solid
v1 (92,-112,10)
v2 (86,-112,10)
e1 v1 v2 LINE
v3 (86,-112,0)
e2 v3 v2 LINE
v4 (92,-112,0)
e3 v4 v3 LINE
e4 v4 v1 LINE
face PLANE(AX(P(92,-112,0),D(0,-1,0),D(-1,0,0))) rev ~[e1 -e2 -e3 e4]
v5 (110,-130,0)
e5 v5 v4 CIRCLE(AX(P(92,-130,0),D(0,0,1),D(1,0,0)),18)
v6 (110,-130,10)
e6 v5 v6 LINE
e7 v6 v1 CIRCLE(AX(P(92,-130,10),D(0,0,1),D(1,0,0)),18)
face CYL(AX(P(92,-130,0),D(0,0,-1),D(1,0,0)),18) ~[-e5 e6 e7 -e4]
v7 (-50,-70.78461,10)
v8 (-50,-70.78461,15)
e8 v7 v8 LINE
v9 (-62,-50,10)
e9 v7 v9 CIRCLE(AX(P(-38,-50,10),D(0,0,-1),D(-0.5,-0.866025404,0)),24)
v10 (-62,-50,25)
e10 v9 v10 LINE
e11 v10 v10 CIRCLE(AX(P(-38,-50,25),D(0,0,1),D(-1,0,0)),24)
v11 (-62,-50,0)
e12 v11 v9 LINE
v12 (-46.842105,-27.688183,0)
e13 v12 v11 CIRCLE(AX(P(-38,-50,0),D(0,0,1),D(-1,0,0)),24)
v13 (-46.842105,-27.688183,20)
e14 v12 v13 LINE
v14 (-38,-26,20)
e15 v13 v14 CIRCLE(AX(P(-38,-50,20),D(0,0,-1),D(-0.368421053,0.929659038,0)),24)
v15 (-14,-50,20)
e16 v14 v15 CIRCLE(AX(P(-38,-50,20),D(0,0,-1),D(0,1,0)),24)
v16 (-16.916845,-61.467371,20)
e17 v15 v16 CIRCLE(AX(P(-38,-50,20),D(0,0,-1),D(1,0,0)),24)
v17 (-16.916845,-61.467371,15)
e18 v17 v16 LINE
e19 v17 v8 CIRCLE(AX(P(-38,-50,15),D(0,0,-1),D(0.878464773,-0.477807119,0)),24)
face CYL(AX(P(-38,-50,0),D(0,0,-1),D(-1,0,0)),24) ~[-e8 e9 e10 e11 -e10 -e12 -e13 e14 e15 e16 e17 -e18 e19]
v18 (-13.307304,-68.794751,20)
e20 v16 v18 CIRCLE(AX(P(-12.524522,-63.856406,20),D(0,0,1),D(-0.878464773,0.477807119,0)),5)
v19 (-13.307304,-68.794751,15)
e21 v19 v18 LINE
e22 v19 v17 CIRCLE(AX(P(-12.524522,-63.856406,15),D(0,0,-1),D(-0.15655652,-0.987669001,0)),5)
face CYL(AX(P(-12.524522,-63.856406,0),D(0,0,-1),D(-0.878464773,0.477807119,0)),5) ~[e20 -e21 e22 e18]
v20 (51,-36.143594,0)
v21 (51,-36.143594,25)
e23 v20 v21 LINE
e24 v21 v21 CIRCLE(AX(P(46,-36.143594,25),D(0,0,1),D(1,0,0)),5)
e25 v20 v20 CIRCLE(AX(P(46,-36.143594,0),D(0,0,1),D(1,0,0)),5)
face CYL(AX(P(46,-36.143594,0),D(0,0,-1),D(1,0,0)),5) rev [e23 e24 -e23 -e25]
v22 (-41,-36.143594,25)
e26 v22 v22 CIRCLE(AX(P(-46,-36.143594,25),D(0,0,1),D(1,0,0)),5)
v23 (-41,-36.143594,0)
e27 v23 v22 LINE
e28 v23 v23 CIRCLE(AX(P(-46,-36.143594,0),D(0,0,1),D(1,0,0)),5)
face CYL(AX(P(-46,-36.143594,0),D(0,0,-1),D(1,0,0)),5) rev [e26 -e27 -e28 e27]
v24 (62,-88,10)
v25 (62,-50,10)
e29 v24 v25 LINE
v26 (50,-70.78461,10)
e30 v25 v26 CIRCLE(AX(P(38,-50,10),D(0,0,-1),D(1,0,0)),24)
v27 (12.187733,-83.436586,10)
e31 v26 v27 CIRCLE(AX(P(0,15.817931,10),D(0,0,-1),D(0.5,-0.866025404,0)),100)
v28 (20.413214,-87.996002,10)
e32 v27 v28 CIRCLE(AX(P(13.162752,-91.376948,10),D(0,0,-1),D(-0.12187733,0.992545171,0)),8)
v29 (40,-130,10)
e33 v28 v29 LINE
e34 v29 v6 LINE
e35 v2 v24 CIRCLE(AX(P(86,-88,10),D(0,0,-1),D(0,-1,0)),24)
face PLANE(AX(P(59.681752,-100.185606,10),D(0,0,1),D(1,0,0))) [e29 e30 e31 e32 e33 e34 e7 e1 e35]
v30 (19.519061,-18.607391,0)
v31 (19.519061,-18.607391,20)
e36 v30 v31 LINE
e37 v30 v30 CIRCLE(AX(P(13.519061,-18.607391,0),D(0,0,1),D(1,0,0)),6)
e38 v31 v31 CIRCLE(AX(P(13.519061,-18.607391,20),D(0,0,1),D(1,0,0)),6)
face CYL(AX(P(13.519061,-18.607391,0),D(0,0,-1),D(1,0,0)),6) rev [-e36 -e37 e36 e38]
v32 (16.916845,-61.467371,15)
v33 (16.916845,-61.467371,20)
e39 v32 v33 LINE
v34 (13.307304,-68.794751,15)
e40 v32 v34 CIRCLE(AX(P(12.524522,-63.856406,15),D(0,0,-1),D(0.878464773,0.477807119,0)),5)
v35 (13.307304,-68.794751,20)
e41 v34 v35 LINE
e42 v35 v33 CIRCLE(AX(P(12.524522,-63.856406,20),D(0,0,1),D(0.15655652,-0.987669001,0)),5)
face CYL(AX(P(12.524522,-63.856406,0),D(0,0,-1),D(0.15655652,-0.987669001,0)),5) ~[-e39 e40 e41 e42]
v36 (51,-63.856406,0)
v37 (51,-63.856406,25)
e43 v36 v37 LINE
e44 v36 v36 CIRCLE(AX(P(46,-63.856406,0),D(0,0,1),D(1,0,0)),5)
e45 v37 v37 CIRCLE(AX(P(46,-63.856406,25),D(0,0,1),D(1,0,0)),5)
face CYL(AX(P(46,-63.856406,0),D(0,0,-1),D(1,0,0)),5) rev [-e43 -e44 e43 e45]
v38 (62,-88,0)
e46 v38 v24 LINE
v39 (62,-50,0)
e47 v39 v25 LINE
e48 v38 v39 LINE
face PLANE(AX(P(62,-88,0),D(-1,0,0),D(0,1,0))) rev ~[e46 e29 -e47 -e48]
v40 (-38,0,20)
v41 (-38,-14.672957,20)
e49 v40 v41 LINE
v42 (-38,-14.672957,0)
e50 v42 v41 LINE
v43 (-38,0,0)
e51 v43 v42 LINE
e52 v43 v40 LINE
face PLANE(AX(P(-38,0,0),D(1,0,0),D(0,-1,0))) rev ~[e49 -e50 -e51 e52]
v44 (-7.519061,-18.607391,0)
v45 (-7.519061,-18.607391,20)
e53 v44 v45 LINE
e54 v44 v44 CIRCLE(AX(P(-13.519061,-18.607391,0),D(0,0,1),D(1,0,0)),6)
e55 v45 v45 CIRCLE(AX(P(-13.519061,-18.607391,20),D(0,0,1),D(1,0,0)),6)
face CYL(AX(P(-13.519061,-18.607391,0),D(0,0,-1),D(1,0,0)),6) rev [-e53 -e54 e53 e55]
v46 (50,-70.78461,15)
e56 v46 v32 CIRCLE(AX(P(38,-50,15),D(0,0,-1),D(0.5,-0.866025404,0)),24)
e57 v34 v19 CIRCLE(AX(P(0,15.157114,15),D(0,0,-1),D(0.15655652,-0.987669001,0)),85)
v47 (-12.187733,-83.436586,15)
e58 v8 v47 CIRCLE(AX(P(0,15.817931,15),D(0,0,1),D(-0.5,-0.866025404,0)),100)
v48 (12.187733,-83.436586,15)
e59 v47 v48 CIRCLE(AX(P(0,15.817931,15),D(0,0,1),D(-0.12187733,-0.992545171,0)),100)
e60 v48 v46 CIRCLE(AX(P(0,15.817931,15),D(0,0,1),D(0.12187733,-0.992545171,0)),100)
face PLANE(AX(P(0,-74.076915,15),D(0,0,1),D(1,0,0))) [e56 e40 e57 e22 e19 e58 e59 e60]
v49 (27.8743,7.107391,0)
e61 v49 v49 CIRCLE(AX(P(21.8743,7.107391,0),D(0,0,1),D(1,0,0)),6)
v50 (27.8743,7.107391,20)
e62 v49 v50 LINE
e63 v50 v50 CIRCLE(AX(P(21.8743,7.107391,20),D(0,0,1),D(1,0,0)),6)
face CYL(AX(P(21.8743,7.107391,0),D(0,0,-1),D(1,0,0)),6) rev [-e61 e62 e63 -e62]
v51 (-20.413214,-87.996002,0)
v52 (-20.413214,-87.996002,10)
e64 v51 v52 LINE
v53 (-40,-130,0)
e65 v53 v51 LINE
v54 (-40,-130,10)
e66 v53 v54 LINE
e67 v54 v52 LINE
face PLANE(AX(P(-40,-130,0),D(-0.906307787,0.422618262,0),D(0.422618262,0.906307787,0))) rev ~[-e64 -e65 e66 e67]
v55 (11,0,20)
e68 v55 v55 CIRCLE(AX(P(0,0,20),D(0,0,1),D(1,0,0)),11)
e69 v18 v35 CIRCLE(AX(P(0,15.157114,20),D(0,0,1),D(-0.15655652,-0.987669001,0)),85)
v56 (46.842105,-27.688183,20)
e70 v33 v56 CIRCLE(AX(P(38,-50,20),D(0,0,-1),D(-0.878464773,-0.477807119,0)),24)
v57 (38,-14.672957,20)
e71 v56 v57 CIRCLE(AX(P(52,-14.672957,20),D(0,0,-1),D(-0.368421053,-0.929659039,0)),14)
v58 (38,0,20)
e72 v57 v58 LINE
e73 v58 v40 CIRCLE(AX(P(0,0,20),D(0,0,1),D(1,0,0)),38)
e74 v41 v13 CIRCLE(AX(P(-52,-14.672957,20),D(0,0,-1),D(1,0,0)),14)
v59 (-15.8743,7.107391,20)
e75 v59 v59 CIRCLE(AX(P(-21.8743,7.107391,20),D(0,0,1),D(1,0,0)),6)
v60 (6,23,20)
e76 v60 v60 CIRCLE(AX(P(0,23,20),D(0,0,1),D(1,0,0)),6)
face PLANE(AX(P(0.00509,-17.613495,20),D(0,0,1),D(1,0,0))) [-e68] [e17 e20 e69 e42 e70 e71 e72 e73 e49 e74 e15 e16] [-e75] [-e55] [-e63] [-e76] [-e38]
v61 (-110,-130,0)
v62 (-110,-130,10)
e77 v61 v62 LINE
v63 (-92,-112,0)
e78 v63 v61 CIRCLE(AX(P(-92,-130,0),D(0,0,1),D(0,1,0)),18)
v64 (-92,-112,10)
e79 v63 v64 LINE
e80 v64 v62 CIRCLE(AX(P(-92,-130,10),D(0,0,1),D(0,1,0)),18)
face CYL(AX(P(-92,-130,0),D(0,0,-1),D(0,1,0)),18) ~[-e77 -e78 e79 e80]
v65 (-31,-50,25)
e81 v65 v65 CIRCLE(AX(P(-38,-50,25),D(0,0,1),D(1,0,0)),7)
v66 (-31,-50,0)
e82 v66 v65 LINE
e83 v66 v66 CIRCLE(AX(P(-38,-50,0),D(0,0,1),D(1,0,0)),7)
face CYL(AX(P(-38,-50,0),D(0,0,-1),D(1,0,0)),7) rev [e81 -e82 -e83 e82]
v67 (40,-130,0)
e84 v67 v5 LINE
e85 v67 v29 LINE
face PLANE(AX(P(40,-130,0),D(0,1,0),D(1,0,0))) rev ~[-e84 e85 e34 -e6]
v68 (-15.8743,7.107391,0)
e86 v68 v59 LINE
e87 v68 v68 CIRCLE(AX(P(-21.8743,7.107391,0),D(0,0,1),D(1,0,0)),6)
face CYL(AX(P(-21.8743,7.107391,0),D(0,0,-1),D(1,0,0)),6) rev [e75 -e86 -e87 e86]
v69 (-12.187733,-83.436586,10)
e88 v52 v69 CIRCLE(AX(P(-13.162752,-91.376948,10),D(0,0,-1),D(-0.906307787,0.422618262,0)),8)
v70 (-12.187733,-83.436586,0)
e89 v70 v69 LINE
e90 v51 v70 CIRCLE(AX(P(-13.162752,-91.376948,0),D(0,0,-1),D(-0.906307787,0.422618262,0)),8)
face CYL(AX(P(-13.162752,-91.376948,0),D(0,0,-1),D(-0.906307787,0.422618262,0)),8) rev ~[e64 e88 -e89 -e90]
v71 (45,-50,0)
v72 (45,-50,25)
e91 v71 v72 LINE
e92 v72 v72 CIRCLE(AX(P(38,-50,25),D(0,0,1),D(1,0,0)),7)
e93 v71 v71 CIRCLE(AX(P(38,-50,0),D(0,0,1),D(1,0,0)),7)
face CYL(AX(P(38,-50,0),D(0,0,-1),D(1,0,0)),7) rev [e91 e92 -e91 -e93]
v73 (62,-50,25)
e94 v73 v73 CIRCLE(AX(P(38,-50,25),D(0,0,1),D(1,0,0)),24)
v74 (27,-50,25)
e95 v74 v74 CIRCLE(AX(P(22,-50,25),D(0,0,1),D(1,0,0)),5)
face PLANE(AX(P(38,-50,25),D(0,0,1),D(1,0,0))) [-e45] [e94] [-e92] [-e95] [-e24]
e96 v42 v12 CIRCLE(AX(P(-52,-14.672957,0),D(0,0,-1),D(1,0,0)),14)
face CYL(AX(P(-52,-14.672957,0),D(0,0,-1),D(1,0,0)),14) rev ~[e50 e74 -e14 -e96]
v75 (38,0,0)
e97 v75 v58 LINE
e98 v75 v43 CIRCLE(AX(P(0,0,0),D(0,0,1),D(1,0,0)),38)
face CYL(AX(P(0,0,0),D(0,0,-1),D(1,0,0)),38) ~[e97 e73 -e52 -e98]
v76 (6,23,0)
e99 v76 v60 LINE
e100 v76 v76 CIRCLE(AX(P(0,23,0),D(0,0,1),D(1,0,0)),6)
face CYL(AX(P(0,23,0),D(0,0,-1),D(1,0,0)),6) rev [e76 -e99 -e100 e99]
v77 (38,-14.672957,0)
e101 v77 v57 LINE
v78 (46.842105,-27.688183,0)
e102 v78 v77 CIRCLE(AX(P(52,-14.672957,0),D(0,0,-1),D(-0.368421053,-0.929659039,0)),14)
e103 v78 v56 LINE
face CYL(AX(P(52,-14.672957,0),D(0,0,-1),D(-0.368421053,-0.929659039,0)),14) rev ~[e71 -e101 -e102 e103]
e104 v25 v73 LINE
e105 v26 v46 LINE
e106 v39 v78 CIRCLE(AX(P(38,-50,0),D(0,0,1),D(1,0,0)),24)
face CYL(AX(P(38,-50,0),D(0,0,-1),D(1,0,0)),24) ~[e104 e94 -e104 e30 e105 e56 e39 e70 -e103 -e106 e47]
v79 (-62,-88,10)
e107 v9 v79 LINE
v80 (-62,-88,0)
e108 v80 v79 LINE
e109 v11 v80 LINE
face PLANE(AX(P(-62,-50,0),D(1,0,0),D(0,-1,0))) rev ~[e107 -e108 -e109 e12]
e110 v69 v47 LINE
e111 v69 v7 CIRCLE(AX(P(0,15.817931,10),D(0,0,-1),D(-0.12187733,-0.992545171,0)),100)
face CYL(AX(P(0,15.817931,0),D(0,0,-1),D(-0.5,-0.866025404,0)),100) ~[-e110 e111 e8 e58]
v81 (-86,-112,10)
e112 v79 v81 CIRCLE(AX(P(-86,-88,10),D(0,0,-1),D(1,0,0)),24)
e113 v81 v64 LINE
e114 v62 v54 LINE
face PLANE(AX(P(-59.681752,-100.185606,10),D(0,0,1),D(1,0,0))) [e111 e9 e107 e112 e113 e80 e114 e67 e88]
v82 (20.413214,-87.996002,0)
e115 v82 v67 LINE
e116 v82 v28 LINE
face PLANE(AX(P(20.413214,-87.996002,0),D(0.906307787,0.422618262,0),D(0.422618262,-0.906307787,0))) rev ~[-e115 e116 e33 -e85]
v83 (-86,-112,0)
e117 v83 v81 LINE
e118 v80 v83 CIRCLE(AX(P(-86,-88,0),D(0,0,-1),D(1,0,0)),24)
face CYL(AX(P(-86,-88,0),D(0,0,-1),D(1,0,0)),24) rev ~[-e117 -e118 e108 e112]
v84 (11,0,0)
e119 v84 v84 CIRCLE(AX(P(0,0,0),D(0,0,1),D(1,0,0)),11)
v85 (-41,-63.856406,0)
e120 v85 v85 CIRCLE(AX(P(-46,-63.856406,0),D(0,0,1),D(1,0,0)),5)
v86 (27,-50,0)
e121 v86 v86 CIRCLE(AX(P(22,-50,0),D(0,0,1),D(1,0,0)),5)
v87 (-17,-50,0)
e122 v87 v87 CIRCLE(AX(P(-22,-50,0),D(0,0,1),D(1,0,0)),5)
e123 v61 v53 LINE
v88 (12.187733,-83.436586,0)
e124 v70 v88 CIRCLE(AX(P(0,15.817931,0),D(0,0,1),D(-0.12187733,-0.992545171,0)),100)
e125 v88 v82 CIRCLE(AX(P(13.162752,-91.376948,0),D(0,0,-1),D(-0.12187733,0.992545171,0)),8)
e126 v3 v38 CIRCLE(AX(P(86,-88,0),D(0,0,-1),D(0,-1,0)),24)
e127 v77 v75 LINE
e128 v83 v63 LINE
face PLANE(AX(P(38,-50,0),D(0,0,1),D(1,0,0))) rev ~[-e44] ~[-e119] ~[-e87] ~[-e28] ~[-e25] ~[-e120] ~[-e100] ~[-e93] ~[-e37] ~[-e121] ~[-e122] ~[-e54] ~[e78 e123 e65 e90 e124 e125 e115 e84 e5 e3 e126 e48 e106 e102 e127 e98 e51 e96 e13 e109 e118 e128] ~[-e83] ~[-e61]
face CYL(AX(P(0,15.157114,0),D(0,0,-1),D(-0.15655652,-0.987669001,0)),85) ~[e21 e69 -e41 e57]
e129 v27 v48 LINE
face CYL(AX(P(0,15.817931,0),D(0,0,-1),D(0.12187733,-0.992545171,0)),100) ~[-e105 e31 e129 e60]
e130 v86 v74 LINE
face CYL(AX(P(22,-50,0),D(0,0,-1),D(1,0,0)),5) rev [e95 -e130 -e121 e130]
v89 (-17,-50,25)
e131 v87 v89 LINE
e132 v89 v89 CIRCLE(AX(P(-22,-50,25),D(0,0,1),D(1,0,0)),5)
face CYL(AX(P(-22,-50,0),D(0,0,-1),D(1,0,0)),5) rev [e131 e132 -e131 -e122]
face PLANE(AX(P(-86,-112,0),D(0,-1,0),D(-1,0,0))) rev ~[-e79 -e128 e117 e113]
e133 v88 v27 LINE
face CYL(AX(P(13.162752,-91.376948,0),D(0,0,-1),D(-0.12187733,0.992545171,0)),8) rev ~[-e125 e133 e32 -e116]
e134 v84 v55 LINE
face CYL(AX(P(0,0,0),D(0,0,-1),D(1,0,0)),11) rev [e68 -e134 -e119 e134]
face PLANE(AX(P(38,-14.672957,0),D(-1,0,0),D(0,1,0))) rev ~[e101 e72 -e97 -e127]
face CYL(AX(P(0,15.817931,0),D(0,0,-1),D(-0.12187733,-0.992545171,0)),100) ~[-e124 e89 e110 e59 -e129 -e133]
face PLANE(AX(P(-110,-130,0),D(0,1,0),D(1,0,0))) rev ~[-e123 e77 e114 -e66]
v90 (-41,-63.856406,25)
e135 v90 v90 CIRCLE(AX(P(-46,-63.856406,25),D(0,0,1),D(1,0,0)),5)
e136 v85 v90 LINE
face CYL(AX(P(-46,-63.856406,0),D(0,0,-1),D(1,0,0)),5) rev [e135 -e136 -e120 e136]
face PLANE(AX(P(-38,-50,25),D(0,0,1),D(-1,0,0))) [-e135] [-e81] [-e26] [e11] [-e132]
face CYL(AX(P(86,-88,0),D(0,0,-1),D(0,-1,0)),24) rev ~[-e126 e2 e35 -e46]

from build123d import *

# Parameters (mm, degrees)
EXTRUDE_1_DEPTH   = 10
EXTRUDE_1_2_DEPTH = 10
SKETCH_1_3_R      = 6
SKETCH_1_3_R_2    = 11
EXTRUDE_2_DEPTH   = 20
EXTRUDE_3_DEPTH   = 15
SKETCH_1_5_R      = 24
SKETCH_1_5_R_2    = 5
SKETCH_1_5_R_3    = 7
EXTRUDE_4_DEPTH   = 25


with BuildPart() as part:
    # Эскиз1 → Бобышка-Вытянуть1 (new body)
    with BuildSketch(Plane.XY):
        with BuildLine():
            ThreePointArc((-50, -70.784609691), (-58.784609691, -62), (-62, -50))
            Line((-62, -50), (-62, -88))
            ThreePointArc((-62, -88), (-69.029437252, -104.970562748), (-86, -112))
            Line((-86, -112), (-92, -112))
            ThreePointArc((-92, -112), (-104.727922061, -117.272077939), (-110, -130))
            Line((-110, -130), (-40, -130))
            Line((-40, -130), (-20.413213913, -87.996001687))
            ThreePointArc((-20.413213913, -87.996001687), (-17.041200429, -84.37997452), (-12.187732979, -83.436586413))
            ThreePointArc((-12.187732979, -83.436586413), (-31.730847168, -79.014307175), (-50, -70.784609691))
        make_face()
    extrude(amount=EXTRUDE_1_DEPTH)



with BuildPart() as body_2:
    # Эскиз1 → Extrude 1 2 (new body)
    with BuildSketch(Plane.XY):
        with BuildLine():
            Line((62, -88), (62, -50))
            ThreePointArc((62, -50), (58.784609691, -62), (50, -70.784609691))
            ThreePointArc((50, -70.784609691), (31.730847168, -79.014307175), (12.187732979, -83.436586413))
            ThreePointArc((12.187732979, -83.436586413), (17.041200429, -84.37997452), (20.413213913, -87.996001687))
            Line((20.413213913, -87.996001687), (40, -130))
            Line((40, -130), (110, -130))
            ThreePointArc((110, -130), (104.727922061, -117.272077939), (92, -112))
            Line((92, -112), (86, -112))
            ThreePointArc((86, -112), (69.029437252, -104.970562748), (62, -88))
        make_face()
    extrude(amount=EXTRUDE_1_2_DEPTH)


with BuildPart() as body_3:
    # Эскиз1<3> → Бобышка-Вытянуть2 (new body)
    with BuildSketch(Plane.XY):
        with BuildLine():
            ThreePointArc((38, 0), (0, 38), (-38, 0))
            Line((-38, 0), (-38, -14.672956535))
            ThreePointArc((-38, -14.672956535), (-40.419617314, -22.540277352), (-46.842105263, -27.688183075))
            ThreePointArc((-46.842105263, -27.688183075), (-42.500910674, -26.425823384), (-38, -26))
            ThreePointArc((-38, -26), (-21.029437252, -33.029437252), (-14, -50))
            ThreePointArc((-14, -50), (-14.740639422, -55.916261107), (-16.916845457, -61.467370864))
            ThreePointArc((-16.916845457, -61.467370864), (-17.009837453, -66.065918092), (-13.307304194, -68.794751467))
            ThreePointArc((-13.307304194, -68.794751467), (0, -69.842886359), (13.307304194, -68.794751467))
            ThreePointArc((13.307304194, -68.794751467), (17.009837453, -66.065918092), (16.916845457, -61.467370864))
            ThreePointArc((16.916845457, -61.467370864), (20.035612902, -34.085201974), (46.842105263, -27.688183075))
            ThreePointArc((46.842105263, -27.688183075), (40.419617314, -22.540277352), (38, -14.672956535))
            Line((38, -14.672956535), (38, 0))
        make_face()
        with Locations((-13.519060803, -18.607390871)):
            Circle(SKETCH_1_3_R, mode=Mode.SUBTRACT)
        Circle(SKETCH_1_3_R_2, mode=Mode.SUBTRACT)
        with Locations((-21.874299875, 7.107390871)):
            Circle(SKETCH_1_3_R, mode=Mode.SUBTRACT)
        with Locations((0, 23)):
            Circle(SKETCH_1_3_R, mode=Mode.SUBTRACT)
        with Locations((13.519060803, -18.607390871)):
            Circle(SKETCH_1_3_R, mode=Mode.SUBTRACT)
        with Locations((21.874299875, 7.107390871)):
            Circle(SKETCH_1_3_R, mode=Mode.SUBTRACT)
    extrude(amount=EXTRUDE_2_DEPTH)


with BuildPart() as part_1:
    add(part.part)

    add(body_2.part)  # Бобышка-Вытянуть3 merges body 2

    add(body_3.part)  # Бобышка-Вытянуть3 merges body 3
    # Эскиз1<4> → Бобышка-Вытянуть3 (add)
    with BuildSketch(Plane.XY):
        with BuildLine():
            ThreePointArc((-16.916845457, -61.467370864), (-31.493952125, -73.10132769), (-50, -70.784609691))
            ThreePointArc((-50, -70.784609691), (-31.730847168, -79.014307175), (-12.187732979, -83.436586413))
            ThreePointArc((-12.187732979, -83.436586413), (0, -84.182069312), (12.187732979, -83.436586413))
            ThreePointArc((12.187732979, -83.436586413), (31.730847168, -79.014307175), (50, -70.784609691))
            ThreePointArc((50, -70.784609691), (31.493952125, -73.10132769), (16.916845457, -61.467370864))
            ThreePointArc((16.916845457, -61.467370864), (17.009837453, -66.065918092), (13.307304194, -68.794751467))
            ThreePointArc((13.307304194, -68.794751467), (0, -69.842886359), (-13.307304194, -68.794751467))
            ThreePointArc((-13.307304194, -68.794751467), (-17.009837453, -66.065918092), (-16.916845457, -61.467370864))
        make_face()
    extrude(amount=EXTRUDE_3_DEPTH)

    # Эскиз1<5> → Бобышка-Вытянуть4 (add)
    # profile 1 of 2: a face of its own
    with BuildSketch(Plane.XY):
        with Locations((-38, -50)):
            Circle(SKETCH_1_5_R)
        with Locations((-46, -63.856406461)):
            Circle(SKETCH_1_5_R_2, mode=Mode.SUBTRACT)
        with Locations((-38, -50)):
            Circle(SKETCH_1_5_R_3, mode=Mode.SUBTRACT)
        with Locations((-22, -50)):
            Circle(SKETCH_1_5_R_2, mode=Mode.SUBTRACT)
        with Locations((-46, -36.143593539)):
            Circle(SKETCH_1_5_R_2, mode=Mode.SUBTRACT)
    # profile 2 of 2: a face of its own
    with BuildSketch(Plane.XY):
        with Locations((38, -50)):
            Circle(SKETCH_1_5_R)
        with Locations((22, -50)):
            Circle(SKETCH_1_5_R_2, mode=Mode.SUBTRACT)
        with Locations((46, -63.856406461)):
            Circle(SKETCH_1_5_R_2, mode=Mode.SUBTRACT)
        with Locations((38, -50)):
            Circle(SKETCH_1_5_R_3, mode=Mode.SUBTRACT)
        with Locations((46, -36.143593539)):
            Circle(SKETCH_1_5_R_2, mode=Mode.SUBTRACT)
    extrude(amount=EXTRUDE_4_DEPTH)


solid = part_1.part
